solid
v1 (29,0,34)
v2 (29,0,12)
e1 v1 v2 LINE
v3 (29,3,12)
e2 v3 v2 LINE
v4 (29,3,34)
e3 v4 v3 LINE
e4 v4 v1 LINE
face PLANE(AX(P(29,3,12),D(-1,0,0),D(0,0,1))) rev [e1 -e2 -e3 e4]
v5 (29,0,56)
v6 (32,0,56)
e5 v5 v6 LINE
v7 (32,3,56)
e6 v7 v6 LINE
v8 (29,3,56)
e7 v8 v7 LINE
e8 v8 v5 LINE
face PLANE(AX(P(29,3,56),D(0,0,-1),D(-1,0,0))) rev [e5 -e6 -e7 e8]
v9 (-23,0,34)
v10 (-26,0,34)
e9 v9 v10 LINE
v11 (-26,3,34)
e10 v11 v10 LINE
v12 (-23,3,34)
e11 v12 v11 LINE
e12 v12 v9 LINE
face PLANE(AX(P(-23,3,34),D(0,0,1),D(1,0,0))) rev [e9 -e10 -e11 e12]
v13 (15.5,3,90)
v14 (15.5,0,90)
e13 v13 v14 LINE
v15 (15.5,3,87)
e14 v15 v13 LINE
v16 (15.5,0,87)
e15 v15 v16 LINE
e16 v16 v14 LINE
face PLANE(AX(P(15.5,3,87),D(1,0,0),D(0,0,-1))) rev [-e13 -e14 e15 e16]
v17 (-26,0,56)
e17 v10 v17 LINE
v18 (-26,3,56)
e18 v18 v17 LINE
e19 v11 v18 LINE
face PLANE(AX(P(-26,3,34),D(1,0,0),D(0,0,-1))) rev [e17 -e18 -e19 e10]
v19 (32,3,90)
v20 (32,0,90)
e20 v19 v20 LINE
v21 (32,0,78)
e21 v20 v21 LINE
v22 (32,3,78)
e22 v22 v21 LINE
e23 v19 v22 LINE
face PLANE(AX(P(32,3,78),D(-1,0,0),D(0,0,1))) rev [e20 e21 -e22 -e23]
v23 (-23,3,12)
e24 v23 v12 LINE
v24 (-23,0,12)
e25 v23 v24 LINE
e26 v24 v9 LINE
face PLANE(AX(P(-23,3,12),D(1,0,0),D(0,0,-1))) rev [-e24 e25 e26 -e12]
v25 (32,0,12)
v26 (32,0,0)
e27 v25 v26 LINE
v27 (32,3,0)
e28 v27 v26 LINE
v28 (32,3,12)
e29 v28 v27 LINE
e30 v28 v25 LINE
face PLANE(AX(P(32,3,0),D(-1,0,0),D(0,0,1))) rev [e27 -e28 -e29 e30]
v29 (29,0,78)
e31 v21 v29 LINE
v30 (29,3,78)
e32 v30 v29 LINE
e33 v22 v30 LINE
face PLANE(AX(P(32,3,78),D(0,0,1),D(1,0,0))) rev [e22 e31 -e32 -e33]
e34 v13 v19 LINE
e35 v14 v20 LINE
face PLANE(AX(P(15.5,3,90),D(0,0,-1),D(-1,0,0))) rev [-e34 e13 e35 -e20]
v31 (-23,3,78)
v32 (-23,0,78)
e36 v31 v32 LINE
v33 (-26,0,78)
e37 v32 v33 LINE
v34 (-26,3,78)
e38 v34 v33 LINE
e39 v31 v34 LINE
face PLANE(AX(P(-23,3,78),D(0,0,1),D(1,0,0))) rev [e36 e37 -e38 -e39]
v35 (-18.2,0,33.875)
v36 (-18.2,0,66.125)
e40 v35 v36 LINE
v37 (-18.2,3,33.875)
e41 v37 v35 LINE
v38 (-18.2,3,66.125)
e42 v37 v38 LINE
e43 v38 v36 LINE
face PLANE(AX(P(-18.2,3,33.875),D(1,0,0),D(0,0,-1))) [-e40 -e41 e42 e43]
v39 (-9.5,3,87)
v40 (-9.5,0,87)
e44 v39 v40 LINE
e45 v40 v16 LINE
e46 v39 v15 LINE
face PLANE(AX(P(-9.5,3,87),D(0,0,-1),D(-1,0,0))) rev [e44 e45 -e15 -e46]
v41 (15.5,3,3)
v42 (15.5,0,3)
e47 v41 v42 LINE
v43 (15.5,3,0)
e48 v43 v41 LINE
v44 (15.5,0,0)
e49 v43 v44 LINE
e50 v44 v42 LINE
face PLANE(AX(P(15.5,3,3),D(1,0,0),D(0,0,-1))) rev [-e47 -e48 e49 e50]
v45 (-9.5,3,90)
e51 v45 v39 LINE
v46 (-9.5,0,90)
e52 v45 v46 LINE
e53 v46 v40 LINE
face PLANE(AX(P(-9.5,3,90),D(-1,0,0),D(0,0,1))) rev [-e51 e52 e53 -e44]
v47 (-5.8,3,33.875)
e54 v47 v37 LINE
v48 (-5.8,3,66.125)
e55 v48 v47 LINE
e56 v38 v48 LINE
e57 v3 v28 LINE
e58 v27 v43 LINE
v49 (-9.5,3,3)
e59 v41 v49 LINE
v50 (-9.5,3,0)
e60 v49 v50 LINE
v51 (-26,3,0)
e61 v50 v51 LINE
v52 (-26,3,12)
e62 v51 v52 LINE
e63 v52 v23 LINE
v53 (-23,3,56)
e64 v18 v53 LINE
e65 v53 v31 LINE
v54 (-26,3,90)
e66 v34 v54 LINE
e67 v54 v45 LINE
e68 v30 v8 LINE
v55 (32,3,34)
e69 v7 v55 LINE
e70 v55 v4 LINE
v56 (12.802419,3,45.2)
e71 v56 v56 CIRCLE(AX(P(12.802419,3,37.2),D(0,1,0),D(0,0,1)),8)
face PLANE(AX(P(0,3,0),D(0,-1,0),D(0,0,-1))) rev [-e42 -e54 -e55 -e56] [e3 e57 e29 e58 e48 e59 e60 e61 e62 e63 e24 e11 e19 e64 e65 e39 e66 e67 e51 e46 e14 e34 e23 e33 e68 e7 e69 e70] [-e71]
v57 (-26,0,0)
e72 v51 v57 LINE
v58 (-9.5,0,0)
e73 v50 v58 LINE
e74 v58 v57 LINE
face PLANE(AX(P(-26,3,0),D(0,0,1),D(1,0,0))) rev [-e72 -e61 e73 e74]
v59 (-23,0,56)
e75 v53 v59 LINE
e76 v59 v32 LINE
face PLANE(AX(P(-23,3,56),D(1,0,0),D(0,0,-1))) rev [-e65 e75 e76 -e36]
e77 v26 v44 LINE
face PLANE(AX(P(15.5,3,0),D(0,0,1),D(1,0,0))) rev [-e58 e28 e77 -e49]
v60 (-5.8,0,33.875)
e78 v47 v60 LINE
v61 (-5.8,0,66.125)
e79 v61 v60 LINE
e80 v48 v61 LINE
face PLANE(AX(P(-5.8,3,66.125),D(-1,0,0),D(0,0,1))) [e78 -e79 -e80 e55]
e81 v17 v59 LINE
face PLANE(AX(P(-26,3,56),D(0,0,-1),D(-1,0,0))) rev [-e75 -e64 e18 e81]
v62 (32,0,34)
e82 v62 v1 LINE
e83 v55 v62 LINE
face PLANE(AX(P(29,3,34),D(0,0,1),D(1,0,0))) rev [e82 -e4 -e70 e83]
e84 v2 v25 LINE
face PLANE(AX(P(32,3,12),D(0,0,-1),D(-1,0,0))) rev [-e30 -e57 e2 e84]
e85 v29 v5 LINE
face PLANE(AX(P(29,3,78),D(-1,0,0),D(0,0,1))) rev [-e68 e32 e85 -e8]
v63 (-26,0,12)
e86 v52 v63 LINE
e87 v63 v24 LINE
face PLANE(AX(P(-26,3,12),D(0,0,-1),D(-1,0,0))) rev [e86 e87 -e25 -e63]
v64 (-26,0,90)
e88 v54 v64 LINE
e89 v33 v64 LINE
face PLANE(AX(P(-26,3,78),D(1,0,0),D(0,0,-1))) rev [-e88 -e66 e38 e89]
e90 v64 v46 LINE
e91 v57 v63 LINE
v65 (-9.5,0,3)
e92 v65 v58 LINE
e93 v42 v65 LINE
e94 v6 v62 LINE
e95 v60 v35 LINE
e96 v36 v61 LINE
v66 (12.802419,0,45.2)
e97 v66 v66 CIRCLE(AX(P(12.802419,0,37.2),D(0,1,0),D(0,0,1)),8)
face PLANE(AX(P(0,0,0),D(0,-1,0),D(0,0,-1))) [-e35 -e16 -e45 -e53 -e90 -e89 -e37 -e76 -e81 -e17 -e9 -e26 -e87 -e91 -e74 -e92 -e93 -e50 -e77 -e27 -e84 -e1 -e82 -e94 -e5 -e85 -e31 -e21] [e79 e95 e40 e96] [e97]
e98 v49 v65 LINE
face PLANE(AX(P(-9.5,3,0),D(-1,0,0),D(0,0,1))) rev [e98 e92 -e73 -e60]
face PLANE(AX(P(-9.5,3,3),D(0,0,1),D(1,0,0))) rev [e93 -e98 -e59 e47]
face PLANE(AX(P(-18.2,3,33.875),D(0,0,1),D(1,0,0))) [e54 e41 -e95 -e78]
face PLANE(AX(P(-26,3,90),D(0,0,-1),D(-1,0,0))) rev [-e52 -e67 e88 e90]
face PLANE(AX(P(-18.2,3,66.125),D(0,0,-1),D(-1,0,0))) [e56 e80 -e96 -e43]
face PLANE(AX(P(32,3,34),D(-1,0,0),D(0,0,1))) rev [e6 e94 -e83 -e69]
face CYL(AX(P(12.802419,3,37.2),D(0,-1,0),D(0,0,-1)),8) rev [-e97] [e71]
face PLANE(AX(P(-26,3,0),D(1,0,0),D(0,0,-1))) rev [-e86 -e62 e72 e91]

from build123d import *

# Parameters (mm, degrees)
SKETCH4_R           = 8
SKETCH4_W           = 12.4
SKETCH4_H           = 32.25
BOSS_EXTRUDE2_DEPTH = 3


with BuildPart() as part:
    # Sketch4 → Boss-Extrude2 (new body)
    with BuildSketch(Plane(origin=(0, 0, 0), x_dir=(1, 0, 0), z_dir=(0, 1, 0))):
        Polygon((-26, -90), (-9.5, -90), (-9.5, -87), (15.5, -87), (15.5, -90), (32, -90), (32, -78), (29, -78), (29, -56), (32, -56), (32, -34), (29, -34), (29, -12), (32, -12), (32, 0), (15.5, 0), (15.5, -3), (-9.5, -3), (-9.5, 0), (-26, 0), (-26, -12), (-23, -12), (-23, -34), (-26, -34), (-26, -56), (-23, -56), (-23, -78), (-26, -78), align=None)
        with Locations((12.802419237, -37.2)):
            Circle(SKETCH4_R, mode=Mode.SUBTRACT)
        with Locations((-12, -50)):
            Rectangle(SKETCH4_W, SKETCH4_H, mode=Mode.SUBTRACT)
    extrude(amount=BOSS_EXTRUDE2_DEPTH)


solid = part.part
